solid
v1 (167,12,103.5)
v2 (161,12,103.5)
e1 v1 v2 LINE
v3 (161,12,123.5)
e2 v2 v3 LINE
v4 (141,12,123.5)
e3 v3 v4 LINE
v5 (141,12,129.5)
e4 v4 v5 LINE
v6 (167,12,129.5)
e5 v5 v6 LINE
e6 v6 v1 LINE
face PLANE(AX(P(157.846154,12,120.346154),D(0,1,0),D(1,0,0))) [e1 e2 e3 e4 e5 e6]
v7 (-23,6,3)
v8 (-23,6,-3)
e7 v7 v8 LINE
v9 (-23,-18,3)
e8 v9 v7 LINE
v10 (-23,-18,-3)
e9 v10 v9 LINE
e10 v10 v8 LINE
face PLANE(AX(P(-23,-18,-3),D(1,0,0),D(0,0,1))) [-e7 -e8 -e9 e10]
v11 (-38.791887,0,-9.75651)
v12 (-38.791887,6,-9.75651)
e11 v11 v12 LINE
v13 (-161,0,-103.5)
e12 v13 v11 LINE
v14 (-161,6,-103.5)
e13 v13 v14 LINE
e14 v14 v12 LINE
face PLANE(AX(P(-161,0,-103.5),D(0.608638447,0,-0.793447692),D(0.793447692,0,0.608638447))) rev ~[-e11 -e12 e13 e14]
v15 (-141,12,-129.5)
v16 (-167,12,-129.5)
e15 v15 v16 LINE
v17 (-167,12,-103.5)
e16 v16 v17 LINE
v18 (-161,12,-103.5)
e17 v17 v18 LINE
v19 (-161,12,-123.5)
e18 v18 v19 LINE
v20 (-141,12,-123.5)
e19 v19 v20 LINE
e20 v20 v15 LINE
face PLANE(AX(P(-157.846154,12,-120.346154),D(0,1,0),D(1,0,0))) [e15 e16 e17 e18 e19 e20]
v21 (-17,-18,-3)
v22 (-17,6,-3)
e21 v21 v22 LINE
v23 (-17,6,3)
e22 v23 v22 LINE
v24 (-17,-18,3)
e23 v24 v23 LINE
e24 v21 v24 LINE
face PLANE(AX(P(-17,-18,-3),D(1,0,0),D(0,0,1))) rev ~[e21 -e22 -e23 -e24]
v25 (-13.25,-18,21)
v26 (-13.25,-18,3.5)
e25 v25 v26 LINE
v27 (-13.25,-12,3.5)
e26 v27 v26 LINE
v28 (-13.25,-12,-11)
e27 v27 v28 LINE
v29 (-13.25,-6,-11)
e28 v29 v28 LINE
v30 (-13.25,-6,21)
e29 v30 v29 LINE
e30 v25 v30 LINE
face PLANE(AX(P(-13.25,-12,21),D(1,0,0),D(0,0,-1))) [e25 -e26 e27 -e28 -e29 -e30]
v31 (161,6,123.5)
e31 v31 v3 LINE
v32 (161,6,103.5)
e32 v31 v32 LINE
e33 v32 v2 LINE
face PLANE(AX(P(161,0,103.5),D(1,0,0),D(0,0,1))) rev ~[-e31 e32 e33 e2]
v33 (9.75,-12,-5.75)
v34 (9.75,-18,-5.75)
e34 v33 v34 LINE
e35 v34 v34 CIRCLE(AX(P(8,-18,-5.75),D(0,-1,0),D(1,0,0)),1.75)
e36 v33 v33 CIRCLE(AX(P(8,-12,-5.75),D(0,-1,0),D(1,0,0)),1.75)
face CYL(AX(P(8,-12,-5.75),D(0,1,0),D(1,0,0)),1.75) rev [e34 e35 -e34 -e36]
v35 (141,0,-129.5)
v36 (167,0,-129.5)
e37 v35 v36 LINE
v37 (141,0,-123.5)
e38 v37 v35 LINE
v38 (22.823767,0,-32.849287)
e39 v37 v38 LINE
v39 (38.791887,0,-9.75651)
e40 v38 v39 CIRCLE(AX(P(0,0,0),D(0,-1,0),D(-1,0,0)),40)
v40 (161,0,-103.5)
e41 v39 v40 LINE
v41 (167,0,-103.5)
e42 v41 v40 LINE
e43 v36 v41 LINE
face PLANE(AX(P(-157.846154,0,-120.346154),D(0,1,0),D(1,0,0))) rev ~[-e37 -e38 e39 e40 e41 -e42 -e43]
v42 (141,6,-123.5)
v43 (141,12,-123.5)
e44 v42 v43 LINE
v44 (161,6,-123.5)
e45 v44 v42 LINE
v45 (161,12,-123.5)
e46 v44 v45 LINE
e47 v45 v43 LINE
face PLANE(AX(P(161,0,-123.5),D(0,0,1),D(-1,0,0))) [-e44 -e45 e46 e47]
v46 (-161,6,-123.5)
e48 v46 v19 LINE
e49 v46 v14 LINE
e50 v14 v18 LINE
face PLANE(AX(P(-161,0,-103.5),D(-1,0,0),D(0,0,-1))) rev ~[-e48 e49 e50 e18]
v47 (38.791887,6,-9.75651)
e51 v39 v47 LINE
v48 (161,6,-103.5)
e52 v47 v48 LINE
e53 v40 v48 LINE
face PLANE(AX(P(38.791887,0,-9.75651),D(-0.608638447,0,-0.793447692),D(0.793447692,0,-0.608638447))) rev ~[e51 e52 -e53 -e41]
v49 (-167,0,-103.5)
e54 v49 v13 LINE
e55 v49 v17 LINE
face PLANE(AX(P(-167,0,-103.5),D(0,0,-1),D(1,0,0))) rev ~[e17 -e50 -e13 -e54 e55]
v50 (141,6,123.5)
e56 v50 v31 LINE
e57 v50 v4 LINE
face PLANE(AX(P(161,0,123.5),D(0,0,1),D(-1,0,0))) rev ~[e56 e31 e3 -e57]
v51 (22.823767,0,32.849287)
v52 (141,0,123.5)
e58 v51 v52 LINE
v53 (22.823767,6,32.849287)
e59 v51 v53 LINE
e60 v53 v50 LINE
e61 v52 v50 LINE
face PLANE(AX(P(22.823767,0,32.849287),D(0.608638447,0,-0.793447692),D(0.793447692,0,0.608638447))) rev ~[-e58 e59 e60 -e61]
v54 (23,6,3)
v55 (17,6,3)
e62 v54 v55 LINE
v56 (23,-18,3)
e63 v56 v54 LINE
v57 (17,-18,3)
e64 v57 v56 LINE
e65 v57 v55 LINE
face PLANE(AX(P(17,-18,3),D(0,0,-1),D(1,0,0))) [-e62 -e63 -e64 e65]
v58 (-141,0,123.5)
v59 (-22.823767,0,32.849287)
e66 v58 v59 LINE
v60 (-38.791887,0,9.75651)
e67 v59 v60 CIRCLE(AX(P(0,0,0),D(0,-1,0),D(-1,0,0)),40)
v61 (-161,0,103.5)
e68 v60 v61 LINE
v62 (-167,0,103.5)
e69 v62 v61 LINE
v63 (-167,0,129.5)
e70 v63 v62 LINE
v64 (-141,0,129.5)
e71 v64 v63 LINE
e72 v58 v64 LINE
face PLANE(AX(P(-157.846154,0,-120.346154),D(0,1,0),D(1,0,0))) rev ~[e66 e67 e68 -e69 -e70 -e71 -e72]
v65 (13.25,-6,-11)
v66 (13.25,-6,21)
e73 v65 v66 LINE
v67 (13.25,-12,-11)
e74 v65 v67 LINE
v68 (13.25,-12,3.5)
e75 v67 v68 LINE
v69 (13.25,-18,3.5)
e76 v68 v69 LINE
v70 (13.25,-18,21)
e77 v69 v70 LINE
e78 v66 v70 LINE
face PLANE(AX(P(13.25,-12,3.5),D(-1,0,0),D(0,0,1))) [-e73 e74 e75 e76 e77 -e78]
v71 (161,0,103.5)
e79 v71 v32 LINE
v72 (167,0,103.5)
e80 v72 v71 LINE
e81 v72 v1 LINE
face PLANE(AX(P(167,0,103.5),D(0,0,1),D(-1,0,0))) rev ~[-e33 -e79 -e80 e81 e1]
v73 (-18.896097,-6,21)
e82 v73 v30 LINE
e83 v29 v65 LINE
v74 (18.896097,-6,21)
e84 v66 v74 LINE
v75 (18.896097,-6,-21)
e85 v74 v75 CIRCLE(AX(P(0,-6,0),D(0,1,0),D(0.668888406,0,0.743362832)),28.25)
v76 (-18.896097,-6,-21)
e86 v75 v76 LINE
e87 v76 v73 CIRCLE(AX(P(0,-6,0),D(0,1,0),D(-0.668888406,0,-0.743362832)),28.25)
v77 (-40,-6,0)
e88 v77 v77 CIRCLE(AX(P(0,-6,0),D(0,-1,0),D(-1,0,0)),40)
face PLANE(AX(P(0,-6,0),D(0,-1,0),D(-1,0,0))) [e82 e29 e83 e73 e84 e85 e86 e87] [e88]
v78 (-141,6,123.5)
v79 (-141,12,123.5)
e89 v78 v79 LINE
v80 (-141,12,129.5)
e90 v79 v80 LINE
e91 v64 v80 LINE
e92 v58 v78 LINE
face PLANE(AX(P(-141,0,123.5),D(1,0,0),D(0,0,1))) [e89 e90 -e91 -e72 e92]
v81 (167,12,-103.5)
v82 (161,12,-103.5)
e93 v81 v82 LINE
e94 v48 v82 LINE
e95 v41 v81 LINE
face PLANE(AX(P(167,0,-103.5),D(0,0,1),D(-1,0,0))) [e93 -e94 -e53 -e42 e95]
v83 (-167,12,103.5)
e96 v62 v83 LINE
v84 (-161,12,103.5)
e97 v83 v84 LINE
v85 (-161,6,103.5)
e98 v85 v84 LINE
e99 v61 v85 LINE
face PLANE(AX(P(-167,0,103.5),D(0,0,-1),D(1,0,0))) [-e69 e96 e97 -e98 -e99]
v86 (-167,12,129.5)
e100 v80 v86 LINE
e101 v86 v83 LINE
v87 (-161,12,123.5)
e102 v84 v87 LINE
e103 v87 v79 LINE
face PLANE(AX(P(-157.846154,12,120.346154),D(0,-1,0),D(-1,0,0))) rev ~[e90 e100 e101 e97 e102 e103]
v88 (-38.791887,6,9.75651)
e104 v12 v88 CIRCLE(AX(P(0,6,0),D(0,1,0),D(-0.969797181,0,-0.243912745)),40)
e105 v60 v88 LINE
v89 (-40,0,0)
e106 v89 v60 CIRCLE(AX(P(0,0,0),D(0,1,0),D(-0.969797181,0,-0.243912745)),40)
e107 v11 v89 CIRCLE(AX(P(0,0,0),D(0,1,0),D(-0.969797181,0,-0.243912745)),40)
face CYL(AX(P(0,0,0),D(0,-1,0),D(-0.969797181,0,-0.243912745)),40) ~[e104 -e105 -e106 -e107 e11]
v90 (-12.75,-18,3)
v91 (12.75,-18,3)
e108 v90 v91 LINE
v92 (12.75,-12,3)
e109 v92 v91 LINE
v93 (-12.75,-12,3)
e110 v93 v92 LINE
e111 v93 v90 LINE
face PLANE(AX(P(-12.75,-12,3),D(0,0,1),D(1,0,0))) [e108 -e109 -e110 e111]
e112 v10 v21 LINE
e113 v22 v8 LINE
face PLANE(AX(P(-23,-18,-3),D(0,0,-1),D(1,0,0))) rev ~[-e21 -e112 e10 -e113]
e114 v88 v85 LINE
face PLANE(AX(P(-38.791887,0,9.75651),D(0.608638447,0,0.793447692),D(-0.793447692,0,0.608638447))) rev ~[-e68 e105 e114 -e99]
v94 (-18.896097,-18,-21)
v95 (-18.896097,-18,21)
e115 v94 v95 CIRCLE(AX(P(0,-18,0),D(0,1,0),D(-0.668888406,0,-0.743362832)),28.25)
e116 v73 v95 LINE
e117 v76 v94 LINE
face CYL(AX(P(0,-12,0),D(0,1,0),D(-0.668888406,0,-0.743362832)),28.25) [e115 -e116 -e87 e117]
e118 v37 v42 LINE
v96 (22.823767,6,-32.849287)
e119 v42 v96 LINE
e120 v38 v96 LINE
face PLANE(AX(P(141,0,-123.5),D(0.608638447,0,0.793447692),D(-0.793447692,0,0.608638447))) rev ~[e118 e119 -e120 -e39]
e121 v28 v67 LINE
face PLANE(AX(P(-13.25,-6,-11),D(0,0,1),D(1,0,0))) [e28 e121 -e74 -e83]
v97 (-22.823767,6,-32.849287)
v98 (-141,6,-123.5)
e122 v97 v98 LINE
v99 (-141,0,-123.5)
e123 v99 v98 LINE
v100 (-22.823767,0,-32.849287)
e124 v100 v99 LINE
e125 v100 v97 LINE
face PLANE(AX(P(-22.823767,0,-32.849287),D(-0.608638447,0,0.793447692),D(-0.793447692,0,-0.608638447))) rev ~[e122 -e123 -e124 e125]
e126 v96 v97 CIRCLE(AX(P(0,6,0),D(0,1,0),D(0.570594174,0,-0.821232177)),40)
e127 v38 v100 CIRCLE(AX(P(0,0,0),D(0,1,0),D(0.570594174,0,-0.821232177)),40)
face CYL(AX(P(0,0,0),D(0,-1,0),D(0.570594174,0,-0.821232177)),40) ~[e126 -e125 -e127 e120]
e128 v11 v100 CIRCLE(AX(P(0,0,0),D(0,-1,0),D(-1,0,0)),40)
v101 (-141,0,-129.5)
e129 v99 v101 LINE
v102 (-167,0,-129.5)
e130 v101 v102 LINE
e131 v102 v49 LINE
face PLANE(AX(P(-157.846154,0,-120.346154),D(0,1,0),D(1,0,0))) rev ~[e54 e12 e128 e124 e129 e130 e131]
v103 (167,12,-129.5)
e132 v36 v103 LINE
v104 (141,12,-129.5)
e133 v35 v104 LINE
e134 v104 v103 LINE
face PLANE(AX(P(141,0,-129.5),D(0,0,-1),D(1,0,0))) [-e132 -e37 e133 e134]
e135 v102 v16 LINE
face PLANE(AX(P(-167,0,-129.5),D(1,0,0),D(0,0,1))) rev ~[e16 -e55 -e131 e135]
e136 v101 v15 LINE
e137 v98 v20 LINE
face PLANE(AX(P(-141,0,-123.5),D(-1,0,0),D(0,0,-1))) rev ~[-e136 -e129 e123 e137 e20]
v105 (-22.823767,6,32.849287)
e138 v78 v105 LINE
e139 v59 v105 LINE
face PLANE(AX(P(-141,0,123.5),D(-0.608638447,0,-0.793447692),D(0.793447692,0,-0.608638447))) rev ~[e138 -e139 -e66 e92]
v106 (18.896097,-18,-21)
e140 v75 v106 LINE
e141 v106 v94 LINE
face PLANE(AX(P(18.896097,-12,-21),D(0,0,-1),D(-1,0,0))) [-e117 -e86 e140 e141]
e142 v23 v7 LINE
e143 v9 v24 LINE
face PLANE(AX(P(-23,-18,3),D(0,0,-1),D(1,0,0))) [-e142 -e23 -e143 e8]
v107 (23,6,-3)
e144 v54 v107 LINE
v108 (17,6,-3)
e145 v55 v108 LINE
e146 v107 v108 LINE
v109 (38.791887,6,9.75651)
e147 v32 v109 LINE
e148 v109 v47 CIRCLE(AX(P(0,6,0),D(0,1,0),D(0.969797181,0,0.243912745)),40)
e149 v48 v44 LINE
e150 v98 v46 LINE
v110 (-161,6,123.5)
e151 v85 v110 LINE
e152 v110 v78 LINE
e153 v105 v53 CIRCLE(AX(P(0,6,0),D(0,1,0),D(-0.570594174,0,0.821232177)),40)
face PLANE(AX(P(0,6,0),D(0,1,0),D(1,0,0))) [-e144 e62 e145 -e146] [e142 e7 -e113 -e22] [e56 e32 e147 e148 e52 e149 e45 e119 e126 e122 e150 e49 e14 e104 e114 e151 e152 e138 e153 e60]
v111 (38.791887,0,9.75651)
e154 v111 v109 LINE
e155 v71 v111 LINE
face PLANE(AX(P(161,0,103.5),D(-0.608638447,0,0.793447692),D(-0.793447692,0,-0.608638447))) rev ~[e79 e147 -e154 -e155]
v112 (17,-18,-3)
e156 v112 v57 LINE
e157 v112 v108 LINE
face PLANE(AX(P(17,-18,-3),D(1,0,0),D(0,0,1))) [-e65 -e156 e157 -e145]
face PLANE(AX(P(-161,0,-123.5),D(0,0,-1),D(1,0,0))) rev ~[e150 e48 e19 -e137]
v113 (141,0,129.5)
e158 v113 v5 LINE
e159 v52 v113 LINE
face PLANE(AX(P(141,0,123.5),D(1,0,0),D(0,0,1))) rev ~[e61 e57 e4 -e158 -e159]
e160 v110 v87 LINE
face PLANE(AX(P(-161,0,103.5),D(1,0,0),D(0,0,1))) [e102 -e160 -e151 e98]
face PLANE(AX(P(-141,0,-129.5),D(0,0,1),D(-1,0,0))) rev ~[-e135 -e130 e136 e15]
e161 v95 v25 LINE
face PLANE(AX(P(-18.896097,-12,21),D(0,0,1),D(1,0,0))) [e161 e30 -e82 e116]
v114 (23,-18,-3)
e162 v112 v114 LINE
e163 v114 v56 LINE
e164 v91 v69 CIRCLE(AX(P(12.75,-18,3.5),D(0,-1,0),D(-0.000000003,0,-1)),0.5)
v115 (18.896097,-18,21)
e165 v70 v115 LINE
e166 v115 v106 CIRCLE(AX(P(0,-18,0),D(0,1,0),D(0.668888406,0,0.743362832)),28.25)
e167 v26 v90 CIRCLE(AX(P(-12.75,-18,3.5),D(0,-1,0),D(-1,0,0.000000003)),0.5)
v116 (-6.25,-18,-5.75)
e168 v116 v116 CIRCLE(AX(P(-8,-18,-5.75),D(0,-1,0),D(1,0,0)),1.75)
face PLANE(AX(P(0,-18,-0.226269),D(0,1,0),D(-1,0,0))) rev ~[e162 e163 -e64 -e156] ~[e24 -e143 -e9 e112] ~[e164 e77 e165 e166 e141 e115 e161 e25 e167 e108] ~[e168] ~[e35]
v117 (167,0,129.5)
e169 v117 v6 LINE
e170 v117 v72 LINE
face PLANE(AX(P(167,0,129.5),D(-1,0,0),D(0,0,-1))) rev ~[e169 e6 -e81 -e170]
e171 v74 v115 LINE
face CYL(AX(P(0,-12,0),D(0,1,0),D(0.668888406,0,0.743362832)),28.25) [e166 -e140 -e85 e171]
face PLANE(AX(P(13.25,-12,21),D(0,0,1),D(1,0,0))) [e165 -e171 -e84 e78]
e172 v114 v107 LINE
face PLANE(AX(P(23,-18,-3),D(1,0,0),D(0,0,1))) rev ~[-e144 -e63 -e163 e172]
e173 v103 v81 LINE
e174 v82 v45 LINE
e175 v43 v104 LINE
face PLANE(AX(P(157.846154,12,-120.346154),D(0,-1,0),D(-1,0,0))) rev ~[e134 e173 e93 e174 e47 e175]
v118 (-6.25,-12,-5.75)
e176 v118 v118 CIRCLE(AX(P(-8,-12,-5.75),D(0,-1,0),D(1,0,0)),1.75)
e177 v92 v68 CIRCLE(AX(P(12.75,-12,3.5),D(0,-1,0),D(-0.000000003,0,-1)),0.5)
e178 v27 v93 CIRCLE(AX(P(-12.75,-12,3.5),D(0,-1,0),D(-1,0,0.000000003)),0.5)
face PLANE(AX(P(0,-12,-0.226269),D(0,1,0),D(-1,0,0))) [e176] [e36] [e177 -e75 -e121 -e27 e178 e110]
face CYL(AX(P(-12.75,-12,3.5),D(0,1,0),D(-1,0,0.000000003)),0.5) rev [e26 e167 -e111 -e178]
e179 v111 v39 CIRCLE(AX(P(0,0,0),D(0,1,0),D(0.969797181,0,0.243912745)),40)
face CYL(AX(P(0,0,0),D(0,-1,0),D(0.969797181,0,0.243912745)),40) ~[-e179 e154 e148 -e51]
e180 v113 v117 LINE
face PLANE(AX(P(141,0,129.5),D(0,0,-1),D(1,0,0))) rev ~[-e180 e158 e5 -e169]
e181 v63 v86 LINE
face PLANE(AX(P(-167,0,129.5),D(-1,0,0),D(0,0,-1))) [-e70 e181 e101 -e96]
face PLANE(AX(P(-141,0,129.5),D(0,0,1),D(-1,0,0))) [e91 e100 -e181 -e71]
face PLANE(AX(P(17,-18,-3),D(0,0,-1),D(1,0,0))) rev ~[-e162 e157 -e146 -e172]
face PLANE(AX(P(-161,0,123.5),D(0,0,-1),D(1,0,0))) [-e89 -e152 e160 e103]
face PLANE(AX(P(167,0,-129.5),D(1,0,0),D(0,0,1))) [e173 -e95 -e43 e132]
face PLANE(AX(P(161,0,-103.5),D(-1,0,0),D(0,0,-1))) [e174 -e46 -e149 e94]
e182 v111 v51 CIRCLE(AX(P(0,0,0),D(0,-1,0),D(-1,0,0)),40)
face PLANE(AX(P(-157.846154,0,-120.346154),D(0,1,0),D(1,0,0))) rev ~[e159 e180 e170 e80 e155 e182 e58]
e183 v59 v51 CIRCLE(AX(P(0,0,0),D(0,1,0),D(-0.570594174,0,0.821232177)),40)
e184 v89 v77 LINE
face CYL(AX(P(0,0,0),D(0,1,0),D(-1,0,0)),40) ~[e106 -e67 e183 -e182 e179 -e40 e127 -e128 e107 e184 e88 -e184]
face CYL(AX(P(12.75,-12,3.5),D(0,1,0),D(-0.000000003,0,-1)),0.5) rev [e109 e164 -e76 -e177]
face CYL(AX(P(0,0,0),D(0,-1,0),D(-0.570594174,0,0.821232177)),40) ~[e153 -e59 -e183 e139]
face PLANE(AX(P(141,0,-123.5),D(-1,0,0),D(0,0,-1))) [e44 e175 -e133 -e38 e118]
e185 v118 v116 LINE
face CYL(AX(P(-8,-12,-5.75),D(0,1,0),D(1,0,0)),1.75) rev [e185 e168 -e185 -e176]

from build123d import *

# Parameters (mm, degrees)
SALIENTE_EXTRUIR1_DEPTH = 6
SALIENTE_EXTRUIR2_DEPTH = 12
CROQUIS7_R              = 40
SALIENTE_EXTRUIR5_DEPTH = 6
SALIENTE_EXTRUIR3_DEPTH = 6
CROQUIS6_R              = 1.75
SALIENTE_EXTRUIR4_DEPTH = 6
CROQUIS8_W              = 6
CROQUIS8_H              = 6
CORTAR_EXTRUIR1_DEPTH   = 31


with BuildPart() as part:
    # Croquis1 → Saliente-Extruir1 (new body)
    with BuildSketch(Plane(origin=(0, 0, 0), x_dir=(1, 0, 0), z_dir=(0, 1, 0))):
        with BuildLine():
            Line((-161, 103.5), (-38.791887254, 9.756509788))
            ThreePointArc((-38.791887254, 9.756509788), (-40, 0), (-38.791887254, -9.756509788))
            Line((-38.791887254, -9.756509788), (-161, -103.5))
            Line((-161, -103.5), (-161, -123.5))
            Line((-161, -123.5), (-141, -123.5))
            Line((-141, -123.5), (-22.823766962, -32.84928708))
            ThreePointArc((-22.823766962, -32.84928708), (0, -40), (22.823766962, -32.84928708))
            Line((22.823766962, -32.84928708), (141, -123.5))
            Line((141, -123.5), (161, -123.5))
            Line((161, -123.5), (161, -103.5))
            Line((161, -103.5), (38.791887254, -9.756509788))
            ThreePointArc((38.791887254, -9.756509788), (40, 0), (38.791887254, 9.756509788))
            Line((38.791887254, 9.756509788), (161, 103.5))
            Line((161, 103.5), (161, 123.5))
            Line((161, 123.5), (141, 123.5))
            Line((141, 123.5), (22.823766962, 32.84928708))
            ThreePointArc((22.823766962, 32.84928708), (0, 40), (-22.823766962, 32.84928708))
            Line((-22.823766962, 32.84928708), (-141, 123.5))
            Line((-141, 123.5), (-161, 123.5))
            Line((-161, 123.5), (-161, 103.5))
        make_face()
    extrude(amount=SALIENTE_EXTRUIR1_DEPTH)

    # Croquis4 → Saliente-Extruir2 (add)
    with BuildSketch(Plane(origin=(0, 0, 0), x_dir=(1, 0, 0), z_dir=(0, 1, 0))):
        Polygon((-161, 103.5), (-161, 123.5), (-141, 123.5), (-141, 129.5), (-167, 129.5), (-167, 103.5), align=None)
        Polygon((-161, -103.5), (-161, -123.5), (-141, -123.5), (-141, -129.5), (-167, -129.5), (-167, -103.5), align=None)
        Polygon((167, -103.5), (161, -103.5), (161, -123.5), (141, -123.5), (141, -129.5), (167, -129.5), align=None)
        Polygon((167, 103.5), (161, 103.5), (161, 123.5), (141, 123.5), (141, 129.5), (167, 129.5), align=None)
    extrude(amount=SALIENTE_EXTRUIR2_DEPTH)

    # Croquis7 → Saliente-Extruir5 (add)
    with BuildSketch(Plane(origin=(0, 0, 0), x_dir=(-1, 0, 0), z_dir=(0, -1, 0))):
        Circle(CROQUIS7_R)
    extrude(amount=SALIENTE_EXTRUIR5_DEPTH)

    # Croquis5 → Saliente-Extruir3 (add)
    with BuildSketch(Plane.XZ.offset(6)):
        with BuildLine():
            Line((18.896097481, -21), (-18.896097481, -21))
            ThreePointArc((-18.896097481, -21), (-28.25, 0), (-18.896097481, 21))
            Line((-18.896097481, 21), (-13.25, 21))
            Line((-13.25, 21), (-13.25, -11))
            Line((-13.25, -11), (13.25, -11))
            Line((13.25, -11), (13.25, 21))
            Line((13.25, 21), (18.896097481, 21))
            ThreePointArc((18.896097481, 21), (28.25, 0), (18.896097481, -21))
        make_face()
    extrude(amount=SALIENTE_EXTRUIR3_DEPTH)

    # Croquis6 → Saliente-Extruir4 (add)
    with BuildSketch(Plane.XZ.offset(12)):
        with BuildLine():
            Line((-18.896097481, 21), (-13.25, 21))
            Line((-13.25, 21), (-13.25, 3.5))
            ThreePointArc((-13.25, 3.5), (-13.103553391, 3.146446609), (-12.75, 3))
            Line((-12.75, 3), (12.75, 3))
            ThreePointArc((12.75, 3), (13.103553391, 3.146446609), (13.25, 3.5))
            Line((13.25, 3.5), (13.25, 21))
            Line((13.25, 21), (18.896097481, 21))
            ThreePointArc((18.896097481, 21), (28.25, 0), (18.896097481, -21))
            Line((18.896097481, -21), (-18.896097481, -21))
            ThreePointArc((-18.896097481, -21), (-28.25, 0), (-18.896097481, 21))
        make_face()
        with Locations((-8, -5.75)):
            Circle(CROQUIS6_R, mode=Mode.SUBTRACT)
        with Locations((8, -5.75)):
            Circle(CROQUIS6_R, mode=Mode.SUBTRACT)
    extrude(amount=SALIENTE_EXTRUIR4_DEPTH)

    # Croquis8 → Cortar-Extruir1 (cut, through all)
    with BuildSketch(Plane.XZ.offset(18)):
        with Locations((-20, 0)):
            Rectangle(CROQUIS8_W, CROQUIS8_H)
        with Locations((20, 0)):
            Rectangle(CROQUIS8_W, CROQUIS8_H)
    extrude(amount=-CORTAR_EXTRUIR1_DEPTH, mode=Mode.SUBTRACT)


solid = part.part
